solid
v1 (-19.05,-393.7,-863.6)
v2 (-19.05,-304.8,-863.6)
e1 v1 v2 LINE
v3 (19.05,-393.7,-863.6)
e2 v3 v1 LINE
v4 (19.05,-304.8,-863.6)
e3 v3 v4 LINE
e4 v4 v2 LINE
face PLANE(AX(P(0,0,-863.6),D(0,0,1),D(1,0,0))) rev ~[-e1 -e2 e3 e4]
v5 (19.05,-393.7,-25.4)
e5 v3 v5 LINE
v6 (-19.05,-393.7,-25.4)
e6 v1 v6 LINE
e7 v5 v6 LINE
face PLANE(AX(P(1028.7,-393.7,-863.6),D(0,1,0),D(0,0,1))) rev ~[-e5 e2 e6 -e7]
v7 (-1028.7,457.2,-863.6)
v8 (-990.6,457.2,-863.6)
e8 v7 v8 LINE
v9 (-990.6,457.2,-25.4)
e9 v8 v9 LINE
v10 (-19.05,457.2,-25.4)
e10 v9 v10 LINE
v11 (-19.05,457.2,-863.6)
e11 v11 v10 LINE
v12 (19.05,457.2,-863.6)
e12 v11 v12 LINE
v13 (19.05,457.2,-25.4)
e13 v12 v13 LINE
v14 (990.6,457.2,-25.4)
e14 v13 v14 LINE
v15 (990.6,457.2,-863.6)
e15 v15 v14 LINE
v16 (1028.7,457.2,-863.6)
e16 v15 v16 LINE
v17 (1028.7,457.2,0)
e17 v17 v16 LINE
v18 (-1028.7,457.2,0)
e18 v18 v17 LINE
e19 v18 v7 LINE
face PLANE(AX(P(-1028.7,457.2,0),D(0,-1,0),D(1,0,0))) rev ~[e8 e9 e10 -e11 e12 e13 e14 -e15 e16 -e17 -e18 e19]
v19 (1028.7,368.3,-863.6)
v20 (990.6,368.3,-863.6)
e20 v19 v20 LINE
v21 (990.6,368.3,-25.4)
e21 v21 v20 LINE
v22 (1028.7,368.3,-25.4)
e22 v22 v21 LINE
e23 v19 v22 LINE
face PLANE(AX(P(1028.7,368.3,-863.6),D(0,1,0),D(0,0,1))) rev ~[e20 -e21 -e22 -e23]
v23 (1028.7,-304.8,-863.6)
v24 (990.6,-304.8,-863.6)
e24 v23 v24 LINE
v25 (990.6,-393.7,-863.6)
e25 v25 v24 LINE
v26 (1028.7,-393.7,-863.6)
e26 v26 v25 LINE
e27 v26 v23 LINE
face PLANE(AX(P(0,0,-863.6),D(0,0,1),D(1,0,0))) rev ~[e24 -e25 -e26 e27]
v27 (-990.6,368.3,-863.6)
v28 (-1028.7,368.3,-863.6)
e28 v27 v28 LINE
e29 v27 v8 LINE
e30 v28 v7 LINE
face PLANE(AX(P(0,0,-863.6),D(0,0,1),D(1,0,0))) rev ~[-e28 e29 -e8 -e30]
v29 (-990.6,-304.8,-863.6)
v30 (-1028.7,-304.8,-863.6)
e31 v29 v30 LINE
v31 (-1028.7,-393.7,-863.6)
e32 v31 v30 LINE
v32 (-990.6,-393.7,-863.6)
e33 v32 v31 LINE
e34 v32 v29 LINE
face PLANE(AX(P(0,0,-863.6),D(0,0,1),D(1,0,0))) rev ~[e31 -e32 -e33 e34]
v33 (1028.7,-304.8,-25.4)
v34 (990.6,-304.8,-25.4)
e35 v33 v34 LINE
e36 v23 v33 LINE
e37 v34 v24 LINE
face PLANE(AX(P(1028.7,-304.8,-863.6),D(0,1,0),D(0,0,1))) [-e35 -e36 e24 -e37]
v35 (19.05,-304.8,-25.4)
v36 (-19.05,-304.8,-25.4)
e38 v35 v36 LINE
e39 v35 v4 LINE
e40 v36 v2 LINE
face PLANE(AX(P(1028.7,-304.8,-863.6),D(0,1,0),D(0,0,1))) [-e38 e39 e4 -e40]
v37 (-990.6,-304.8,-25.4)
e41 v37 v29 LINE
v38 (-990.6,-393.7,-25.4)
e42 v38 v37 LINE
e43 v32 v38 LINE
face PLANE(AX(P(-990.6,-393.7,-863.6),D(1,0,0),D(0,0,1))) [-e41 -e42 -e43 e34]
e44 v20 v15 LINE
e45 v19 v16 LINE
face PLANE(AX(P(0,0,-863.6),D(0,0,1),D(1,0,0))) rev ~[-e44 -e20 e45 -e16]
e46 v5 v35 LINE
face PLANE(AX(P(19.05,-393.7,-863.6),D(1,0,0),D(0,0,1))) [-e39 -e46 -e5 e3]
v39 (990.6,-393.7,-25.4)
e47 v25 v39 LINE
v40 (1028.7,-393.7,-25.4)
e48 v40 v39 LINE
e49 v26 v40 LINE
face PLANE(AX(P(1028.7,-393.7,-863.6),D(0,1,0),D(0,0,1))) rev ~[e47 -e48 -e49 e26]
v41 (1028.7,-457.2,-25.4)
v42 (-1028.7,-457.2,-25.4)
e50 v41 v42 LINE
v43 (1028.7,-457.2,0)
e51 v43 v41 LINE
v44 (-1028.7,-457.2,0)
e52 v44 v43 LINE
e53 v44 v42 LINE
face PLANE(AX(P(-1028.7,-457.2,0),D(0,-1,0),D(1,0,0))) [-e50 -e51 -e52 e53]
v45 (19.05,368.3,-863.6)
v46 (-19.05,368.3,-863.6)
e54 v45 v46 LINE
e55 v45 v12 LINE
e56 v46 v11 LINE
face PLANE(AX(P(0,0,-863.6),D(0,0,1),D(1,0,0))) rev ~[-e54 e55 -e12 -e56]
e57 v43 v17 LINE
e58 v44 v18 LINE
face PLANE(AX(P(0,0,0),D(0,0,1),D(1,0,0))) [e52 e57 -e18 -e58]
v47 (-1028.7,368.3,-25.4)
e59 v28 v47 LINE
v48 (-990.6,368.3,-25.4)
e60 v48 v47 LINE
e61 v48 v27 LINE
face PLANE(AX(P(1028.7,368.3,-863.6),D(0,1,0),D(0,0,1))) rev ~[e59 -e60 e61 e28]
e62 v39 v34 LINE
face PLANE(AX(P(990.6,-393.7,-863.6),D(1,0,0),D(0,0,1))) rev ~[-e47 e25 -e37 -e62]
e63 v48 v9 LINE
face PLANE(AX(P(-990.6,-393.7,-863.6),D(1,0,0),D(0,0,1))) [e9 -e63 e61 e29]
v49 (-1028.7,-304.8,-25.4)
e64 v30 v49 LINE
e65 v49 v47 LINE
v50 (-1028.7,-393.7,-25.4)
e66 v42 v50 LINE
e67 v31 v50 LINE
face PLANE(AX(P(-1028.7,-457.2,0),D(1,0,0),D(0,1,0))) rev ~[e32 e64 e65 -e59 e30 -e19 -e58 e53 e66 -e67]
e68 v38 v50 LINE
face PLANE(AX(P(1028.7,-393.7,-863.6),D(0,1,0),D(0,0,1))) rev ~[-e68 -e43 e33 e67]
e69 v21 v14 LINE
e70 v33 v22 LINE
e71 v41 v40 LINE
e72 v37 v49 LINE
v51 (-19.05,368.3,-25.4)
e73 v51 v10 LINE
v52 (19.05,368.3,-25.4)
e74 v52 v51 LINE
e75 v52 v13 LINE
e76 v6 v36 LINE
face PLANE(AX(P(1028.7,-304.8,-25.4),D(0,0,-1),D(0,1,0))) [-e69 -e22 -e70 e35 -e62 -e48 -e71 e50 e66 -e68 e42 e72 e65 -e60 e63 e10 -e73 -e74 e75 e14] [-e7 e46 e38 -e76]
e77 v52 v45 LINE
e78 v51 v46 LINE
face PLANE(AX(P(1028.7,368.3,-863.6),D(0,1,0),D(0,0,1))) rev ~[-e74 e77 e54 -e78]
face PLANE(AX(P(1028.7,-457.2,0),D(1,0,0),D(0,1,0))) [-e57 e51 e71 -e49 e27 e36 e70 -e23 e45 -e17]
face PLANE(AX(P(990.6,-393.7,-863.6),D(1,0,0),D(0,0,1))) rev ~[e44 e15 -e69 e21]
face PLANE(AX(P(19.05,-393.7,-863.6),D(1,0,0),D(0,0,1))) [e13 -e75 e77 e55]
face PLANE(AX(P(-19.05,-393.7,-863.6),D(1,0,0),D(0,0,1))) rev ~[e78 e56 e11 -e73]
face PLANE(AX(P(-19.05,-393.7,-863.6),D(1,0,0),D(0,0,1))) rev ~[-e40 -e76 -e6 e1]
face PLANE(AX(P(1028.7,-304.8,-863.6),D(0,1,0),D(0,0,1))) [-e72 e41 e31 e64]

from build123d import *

# Parameters (mm, degrees)
F0_W     = 2057.4
F0_H     = 914.4
F1_DEPTH = 863.6
F2_W     = 63.5
F2_H     = 838.2
F2_W_2   = 673.1
F3_DEPTH = 2057.401
F4_W     = 971.55
F4_H     = 838.2
F5_DEPTH = 850.901


with BuildPart() as f1:
    # F0 (on Top) → F1 (new body)
    with BuildSketch(Plane.XY):
        Rectangle(F0_W, F0_H)
    extrude(amount=-F1_DEPTH)

    # F2 (on face) → F3 (cut, through all)
    with BuildSketch(Plane.YZ.offset(1028.7)):
        with Locations((-425.45, -444.5)):
            Rectangle(F2_W, F2_H)
        with Locations((31.75, -444.5)):
            Rectangle(F2_W_2, F2_H)
    extrude(amount=-F3_DEPTH, mode=Mode.SUBTRACT)

    # F4 (on face) → F5 (cut, through all)
    with BuildSketch(Plane.XZ.offset(393.7)):
        with Locations((-504.825, -444.5)):
            Rectangle(F4_W, F4_H)
        with Locations((504.825, -444.5)):
            Rectangle(F4_W, F4_H)
    extrude(amount=-F5_DEPTH, mode=Mode.SUBTRACT)


solid = f1.part
